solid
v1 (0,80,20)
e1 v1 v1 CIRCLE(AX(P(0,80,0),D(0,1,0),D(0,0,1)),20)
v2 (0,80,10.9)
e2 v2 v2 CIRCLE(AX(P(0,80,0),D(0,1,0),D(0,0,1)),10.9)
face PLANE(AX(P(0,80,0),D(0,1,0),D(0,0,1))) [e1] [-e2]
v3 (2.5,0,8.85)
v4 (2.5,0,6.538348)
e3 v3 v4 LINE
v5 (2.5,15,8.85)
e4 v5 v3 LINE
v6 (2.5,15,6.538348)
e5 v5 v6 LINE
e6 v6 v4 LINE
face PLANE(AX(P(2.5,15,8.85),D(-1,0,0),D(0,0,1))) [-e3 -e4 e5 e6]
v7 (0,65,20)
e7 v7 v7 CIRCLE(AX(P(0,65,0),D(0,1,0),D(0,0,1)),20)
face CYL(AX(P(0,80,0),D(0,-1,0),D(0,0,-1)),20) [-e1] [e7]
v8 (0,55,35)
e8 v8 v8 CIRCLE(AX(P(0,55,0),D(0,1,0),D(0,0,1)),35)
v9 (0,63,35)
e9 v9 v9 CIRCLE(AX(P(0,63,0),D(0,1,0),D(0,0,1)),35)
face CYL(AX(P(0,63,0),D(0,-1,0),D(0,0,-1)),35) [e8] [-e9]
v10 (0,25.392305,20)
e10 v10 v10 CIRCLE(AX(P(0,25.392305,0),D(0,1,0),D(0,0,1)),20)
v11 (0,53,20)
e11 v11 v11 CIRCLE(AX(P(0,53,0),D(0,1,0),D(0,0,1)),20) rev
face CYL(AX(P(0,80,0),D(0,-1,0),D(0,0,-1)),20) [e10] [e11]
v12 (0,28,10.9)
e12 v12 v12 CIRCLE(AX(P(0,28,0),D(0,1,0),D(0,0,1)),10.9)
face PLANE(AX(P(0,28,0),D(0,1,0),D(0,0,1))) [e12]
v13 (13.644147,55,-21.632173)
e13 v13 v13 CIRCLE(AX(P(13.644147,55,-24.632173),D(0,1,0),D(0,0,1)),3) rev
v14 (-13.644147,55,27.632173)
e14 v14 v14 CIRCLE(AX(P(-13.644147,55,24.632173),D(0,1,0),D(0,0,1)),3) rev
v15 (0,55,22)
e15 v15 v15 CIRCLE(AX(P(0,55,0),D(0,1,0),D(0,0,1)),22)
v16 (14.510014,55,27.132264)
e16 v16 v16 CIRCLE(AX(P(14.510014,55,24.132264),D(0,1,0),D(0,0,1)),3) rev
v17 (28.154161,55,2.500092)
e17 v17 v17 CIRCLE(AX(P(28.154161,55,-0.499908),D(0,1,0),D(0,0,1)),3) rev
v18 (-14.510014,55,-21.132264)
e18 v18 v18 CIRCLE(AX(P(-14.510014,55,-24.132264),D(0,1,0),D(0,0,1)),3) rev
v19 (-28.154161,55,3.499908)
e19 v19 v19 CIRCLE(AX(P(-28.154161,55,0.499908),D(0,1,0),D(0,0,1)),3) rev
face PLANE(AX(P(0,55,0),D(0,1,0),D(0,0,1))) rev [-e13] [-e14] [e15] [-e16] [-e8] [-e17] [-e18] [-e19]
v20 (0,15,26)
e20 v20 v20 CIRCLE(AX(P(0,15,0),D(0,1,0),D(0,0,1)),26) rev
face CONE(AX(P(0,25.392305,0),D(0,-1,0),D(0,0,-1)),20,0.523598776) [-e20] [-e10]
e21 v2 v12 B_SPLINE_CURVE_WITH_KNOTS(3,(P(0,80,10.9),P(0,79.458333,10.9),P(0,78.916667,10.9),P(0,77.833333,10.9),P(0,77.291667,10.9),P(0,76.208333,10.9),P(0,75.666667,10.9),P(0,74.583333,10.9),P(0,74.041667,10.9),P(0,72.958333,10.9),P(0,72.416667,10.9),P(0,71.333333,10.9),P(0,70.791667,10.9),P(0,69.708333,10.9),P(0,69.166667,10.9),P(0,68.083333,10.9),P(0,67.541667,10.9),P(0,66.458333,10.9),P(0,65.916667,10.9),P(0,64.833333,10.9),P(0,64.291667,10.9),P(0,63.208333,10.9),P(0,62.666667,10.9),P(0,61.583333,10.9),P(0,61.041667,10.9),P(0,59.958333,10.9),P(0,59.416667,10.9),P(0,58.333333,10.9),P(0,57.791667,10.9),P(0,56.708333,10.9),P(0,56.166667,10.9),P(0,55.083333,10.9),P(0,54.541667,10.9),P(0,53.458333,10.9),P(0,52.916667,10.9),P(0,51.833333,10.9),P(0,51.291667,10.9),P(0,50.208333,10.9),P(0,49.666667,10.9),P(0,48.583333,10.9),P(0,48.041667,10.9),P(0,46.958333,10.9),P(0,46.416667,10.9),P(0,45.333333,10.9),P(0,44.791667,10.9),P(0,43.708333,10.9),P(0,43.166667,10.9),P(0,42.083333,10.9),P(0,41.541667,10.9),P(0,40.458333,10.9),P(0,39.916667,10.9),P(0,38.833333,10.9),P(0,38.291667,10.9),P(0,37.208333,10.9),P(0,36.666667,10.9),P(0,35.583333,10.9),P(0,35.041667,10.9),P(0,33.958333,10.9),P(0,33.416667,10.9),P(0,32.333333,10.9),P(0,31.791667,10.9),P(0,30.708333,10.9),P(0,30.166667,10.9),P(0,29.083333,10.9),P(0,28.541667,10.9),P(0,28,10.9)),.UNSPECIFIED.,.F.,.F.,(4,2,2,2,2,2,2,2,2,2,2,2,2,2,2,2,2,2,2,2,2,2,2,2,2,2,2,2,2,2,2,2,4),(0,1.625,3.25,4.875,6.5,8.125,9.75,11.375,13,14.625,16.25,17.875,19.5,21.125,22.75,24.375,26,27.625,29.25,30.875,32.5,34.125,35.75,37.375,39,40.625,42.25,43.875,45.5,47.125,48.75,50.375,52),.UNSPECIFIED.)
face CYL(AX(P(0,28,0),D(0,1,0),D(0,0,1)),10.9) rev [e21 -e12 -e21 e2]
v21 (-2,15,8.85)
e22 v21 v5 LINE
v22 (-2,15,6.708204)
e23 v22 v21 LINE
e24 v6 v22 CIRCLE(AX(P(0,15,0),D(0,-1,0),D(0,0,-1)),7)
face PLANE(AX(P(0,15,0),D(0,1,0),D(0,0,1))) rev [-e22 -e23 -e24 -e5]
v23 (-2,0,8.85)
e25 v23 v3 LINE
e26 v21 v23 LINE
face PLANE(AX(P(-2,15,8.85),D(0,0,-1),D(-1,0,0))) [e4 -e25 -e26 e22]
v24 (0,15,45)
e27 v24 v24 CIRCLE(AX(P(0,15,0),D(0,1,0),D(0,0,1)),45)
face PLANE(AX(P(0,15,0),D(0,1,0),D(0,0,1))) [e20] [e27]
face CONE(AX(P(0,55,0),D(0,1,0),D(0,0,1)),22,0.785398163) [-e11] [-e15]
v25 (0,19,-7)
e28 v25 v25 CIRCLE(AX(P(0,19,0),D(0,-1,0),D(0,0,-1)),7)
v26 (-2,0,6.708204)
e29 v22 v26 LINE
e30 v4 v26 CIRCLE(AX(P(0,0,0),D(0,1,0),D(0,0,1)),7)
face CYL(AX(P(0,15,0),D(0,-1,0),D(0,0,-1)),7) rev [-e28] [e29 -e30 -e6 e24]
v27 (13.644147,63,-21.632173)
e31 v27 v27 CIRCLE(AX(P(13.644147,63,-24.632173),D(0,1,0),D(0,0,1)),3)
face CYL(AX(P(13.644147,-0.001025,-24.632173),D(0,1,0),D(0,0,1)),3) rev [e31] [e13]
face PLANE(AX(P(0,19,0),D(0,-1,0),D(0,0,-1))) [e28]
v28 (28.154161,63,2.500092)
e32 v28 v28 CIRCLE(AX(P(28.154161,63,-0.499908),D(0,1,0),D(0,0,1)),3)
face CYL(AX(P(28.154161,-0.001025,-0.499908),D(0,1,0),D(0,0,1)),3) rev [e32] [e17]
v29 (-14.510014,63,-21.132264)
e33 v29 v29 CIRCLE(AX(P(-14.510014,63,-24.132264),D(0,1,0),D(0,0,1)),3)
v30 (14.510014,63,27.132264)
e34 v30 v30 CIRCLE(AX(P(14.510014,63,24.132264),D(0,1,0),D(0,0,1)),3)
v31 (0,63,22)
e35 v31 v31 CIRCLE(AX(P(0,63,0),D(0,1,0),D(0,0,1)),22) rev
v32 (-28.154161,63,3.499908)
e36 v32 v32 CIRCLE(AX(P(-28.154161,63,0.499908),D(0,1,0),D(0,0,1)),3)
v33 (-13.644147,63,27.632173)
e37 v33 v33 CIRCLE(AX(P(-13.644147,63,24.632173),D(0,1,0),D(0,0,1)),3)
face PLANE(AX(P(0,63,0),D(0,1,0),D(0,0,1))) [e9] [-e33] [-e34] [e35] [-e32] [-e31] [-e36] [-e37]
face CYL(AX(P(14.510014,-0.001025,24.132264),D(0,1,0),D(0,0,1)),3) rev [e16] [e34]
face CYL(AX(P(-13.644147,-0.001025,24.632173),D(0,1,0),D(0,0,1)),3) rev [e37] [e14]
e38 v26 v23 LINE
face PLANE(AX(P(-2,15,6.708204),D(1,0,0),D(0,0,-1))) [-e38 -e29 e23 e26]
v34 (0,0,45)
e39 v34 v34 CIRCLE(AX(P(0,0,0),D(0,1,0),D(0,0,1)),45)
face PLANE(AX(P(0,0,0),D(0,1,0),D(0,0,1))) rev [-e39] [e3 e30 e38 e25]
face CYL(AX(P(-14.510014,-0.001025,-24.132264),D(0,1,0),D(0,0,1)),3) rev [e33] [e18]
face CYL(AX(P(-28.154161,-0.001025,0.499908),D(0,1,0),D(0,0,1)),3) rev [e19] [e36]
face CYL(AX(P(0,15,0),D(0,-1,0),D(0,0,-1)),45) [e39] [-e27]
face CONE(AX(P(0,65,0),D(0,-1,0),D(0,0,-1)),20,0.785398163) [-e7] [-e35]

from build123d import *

# Parameters (mm, degrees)
SKETCH_1_R          = 45
EXTRUDE_1_DEPTH     = 15
SKETCH_2_R          = 20
EXTRUDE_2_DEPTH     = 65
SKETCH_4_R          = 10.9
CUT_EXTRUDE_4_DEPTH = 52
EXTRUDE_START       = 8
SKETCH_5_R          = 35
SKETCH_5_R_2        = 10.9
EXTRUDE_5_DEPTH     = 8
CHAMFER_3_SIZE      = 2
CHAMFER_4_SIZE      = 6
CHAMFER_4_SIZE2     = 10.392304845
SKETCH_6_R          = 7
CUT_EXTRUDE_8_DEPTH = 4
CUT_EXTRUDE_1_REACH = 91.549
SKETCH_7_R          = 3


with BuildPart() as part:
    # Эскиз1 → Вытянуть1 (new body)
    with BuildSketch(Plane(origin=(0, 0, 0), x_dir=(1, 0, 0), z_dir=(0, 1, 0))):
        with Locations(Location((0, 0, 0), (0, 0, 270))):
            Circle(SKETCH_1_R)
        with BuildLine():
            Line((-2, -6.708203932), (-2, -8.85))
            Line((-2, -8.85), (2.5, -8.85))
            Line((2.5, -8.85), (2.5, -6.538348415))
            ThreePointArc((2.5, -6.538348415), (-0.264031673, 6.995018747), (-2, -6.708203932))
        make_face(mode=Mode.SUBTRACT)
    extrude(amount=EXTRUDE_1_DEPTH)

    # Эскиз2 → Вытянуть2 (add)
    with BuildSketch(Plane(origin=(0, 15, 0), x_dir=(1, 0, 0), z_dir=(0, 1, 0))):
        with Locations(Location((0, 0, 0), (0, 0, 270))):
            Circle(SKETCH_2_R)
    extrude(amount=EXTRUDE_2_DEPTH)

    # Эскиз4 → Вытянуть4 (cut)
    with BuildSketch(Plane(origin=(0, 80, 0), x_dir=(1, 0, 0), z_dir=(0, 1, 0))):
        with Locations(Location((0, 0, 0), (0, 0, 270))):
            Circle(SKETCH_4_R)
    extrude(amount=-CUT_EXTRUDE_4_DEPTH, mode=Mode.SUBTRACT)

    # Эскиз5 → Вытянуть5 (add)
    with BuildSketch(Plane(origin=(0, 55, 0), x_dir=(-1, 0, 0), z_dir=(0, 1, 0)).offset(EXTRUDE_START)):
        with Locations(Location((0, 0, 0), (0, 0, 90))):
            Circle(SKETCH_5_R)
        with Locations(Location((0, 0, 0), (0, 0, 90))):
            Circle(SKETCH_5_R_2, mode=Mode.SUBTRACT)
    extrude(amount=-EXTRUDE_5_DEPTH)

    # Фаска3
    chamfer_3_edges = [part.edges().sort_by_distance(p)[0] for p in [
        (0, 55, -20),
        (0, 63, -20),
    ]]
    chamfer(chamfer_3_edges, length=CHAMFER_3_SIZE)

    # Фаска4
    chamfer_4_edges = [part.edges().sort_by_distance(p)[0] for p in [
        (0, 15, -20),
    ]]
    chamfer_4_side = [part.faces().sort_by_distance(p)[0] for p in [
        (0, 15, -43.727207794),
    ]]
    chamfer(chamfer_4_edges, length=CHAMFER_4_SIZE, length2=CHAMFER_4_SIZE2, reference=chamfer_4_side[0])

    # Эскиз6 → Вытянуть8 (cut)
    with BuildSketch(Plane.XZ.offset(-15)):
        with Locations(Location((0, 0, 0), (0, 0, 270))):
            Circle(SKETCH_6_R)
    extrude(amount=-CUT_EXTRUDE_8_DEPTH, mode=Mode.SUBTRACT)

    # Эскиз7 → Вырез-Вытянуть1 (cut, up to next)
    with BuildSketch(Plane(origin=(0, 63, 0), x_dir=(1, 0, 0), z_dir=(0, 1, 0)), mode=Mode.PRIVATE) as cut_extrude_1_sk1:
        with Locations(Location((-28.154160791, -0.499908421, 0), (0, 0, 270))):
            Circle(SKETCH_7_R)
    cut_extrude_1_tool1 = extrude(cut_extrude_1_sk1.sketch, amount=-CUT_EXTRUDE_1_REACH, mode=Mode.PRIVATE) & part.part
    # Эскиз7 → Вырез-Вытянуть1 (cut, up to next)
    with BuildSketch(Plane(origin=(0, 63, 0), x_dir=(1, 0, 0), z_dir=(0, 1, 0)), mode=Mode.PRIVATE) as cut_extrude_1_sk2:
        with Locations(Location((-14.510013788, 24.132264256, 0), (0, 0, 270))):
            Circle(SKETCH_7_R)
    cut_extrude_1_tool2 = extrude(cut_extrude_1_sk2.sketch, amount=-CUT_EXTRUDE_1_REACH, mode=Mode.PRIVATE) & part.part
    # Эскиз7 → Вырез-Вытянуть1 (cut, up to next)
    with BuildSketch(Plane(origin=(0, 63, 0), x_dir=(1, 0, 0), z_dir=(0, 1, 0)), mode=Mode.PRIVATE) as cut_extrude_1_sk3:
        with Locations(Location((13.644147003, 24.632172678, 0), (0, 0, 270))):
            Circle(SKETCH_7_R)
    cut_extrude_1_tool3 = extrude(cut_extrude_1_sk3.sketch, amount=-CUT_EXTRUDE_1_REACH, mode=Mode.PRIVATE) & part.part
    # Эскиз7 → Вырез-Вытянуть1 (cut, up to next)
    with BuildSketch(Plane(origin=(0, 63, 0), x_dir=(1, 0, 0), z_dir=(0, 1, 0)), mode=Mode.PRIVATE) as cut_extrude_1_sk4:
        with Locations(Location((28.154160791, 0.499908421, 0), (0, 0, 270))):
            Circle(SKETCH_7_R)
    cut_extrude_1_tool4 = extrude(cut_extrude_1_sk4.sketch, amount=-CUT_EXTRUDE_1_REACH, mode=Mode.PRIVATE) & part.part
    # Эскиз7 → Вырез-Вытянуть1 (cut, up to next)
    with BuildSketch(Plane(origin=(0, 63, 0), x_dir=(1, 0, 0), z_dir=(0, 1, 0)), mode=Mode.PRIVATE) as cut_extrude_1_sk5:
        with Locations(Location((14.510013788, -24.132264256, 0), (0, 0, 270))):
            Circle(SKETCH_7_R)
    cut_extrude_1_tool5 = extrude(cut_extrude_1_sk5.sketch, amount=-CUT_EXTRUDE_1_REACH, mode=Mode.PRIVATE) & part.part
    # Эскиз7 → Вырез-Вытянуть1 (cut, up to next)
    with BuildSketch(Plane(origin=(0, 63, 0), x_dir=(1, 0, 0), z_dir=(0, 1, 0)), mode=Mode.PRIVATE) as cut_extrude_1_sk6:
        with Locations(Location((-13.644147003, -24.632172678, 0), (0, 0, 270))):
            Circle(SKETCH_7_R)
    cut_extrude_1_tool6 = extrude(cut_extrude_1_sk6.sketch, amount=-CUT_EXTRUDE_1_REACH, mode=Mode.PRIVATE) & part.part
    add(cut_extrude_1_tool1.solids().sort_by_distance((-28.154161, 63, 0.499908))[0], mode=Mode.SUBTRACT)
    add(cut_extrude_1_tool2.solids().sort_by_distance((-14.510014, 63, -24.132264))[0], mode=Mode.SUBTRACT)
    add(cut_extrude_1_tool3.solids().sort_by_distance((13.644147, 63, -24.632173))[0], mode=Mode.SUBTRACT)
    add(cut_extrude_1_tool4.solids().sort_by_distance((28.154161, 63, -0.499908))[0], mode=Mode.SUBTRACT)
    add(cut_extrude_1_tool5.solids().sort_by_distance((14.510014, 63, 24.132264))[0], mode=Mode.SUBTRACT)
    add(cut_extrude_1_tool6.solids().sort_by_distance((-13.644147, 63, 24.632173))[0], mode=Mode.SUBTRACT)


solid = part.part
